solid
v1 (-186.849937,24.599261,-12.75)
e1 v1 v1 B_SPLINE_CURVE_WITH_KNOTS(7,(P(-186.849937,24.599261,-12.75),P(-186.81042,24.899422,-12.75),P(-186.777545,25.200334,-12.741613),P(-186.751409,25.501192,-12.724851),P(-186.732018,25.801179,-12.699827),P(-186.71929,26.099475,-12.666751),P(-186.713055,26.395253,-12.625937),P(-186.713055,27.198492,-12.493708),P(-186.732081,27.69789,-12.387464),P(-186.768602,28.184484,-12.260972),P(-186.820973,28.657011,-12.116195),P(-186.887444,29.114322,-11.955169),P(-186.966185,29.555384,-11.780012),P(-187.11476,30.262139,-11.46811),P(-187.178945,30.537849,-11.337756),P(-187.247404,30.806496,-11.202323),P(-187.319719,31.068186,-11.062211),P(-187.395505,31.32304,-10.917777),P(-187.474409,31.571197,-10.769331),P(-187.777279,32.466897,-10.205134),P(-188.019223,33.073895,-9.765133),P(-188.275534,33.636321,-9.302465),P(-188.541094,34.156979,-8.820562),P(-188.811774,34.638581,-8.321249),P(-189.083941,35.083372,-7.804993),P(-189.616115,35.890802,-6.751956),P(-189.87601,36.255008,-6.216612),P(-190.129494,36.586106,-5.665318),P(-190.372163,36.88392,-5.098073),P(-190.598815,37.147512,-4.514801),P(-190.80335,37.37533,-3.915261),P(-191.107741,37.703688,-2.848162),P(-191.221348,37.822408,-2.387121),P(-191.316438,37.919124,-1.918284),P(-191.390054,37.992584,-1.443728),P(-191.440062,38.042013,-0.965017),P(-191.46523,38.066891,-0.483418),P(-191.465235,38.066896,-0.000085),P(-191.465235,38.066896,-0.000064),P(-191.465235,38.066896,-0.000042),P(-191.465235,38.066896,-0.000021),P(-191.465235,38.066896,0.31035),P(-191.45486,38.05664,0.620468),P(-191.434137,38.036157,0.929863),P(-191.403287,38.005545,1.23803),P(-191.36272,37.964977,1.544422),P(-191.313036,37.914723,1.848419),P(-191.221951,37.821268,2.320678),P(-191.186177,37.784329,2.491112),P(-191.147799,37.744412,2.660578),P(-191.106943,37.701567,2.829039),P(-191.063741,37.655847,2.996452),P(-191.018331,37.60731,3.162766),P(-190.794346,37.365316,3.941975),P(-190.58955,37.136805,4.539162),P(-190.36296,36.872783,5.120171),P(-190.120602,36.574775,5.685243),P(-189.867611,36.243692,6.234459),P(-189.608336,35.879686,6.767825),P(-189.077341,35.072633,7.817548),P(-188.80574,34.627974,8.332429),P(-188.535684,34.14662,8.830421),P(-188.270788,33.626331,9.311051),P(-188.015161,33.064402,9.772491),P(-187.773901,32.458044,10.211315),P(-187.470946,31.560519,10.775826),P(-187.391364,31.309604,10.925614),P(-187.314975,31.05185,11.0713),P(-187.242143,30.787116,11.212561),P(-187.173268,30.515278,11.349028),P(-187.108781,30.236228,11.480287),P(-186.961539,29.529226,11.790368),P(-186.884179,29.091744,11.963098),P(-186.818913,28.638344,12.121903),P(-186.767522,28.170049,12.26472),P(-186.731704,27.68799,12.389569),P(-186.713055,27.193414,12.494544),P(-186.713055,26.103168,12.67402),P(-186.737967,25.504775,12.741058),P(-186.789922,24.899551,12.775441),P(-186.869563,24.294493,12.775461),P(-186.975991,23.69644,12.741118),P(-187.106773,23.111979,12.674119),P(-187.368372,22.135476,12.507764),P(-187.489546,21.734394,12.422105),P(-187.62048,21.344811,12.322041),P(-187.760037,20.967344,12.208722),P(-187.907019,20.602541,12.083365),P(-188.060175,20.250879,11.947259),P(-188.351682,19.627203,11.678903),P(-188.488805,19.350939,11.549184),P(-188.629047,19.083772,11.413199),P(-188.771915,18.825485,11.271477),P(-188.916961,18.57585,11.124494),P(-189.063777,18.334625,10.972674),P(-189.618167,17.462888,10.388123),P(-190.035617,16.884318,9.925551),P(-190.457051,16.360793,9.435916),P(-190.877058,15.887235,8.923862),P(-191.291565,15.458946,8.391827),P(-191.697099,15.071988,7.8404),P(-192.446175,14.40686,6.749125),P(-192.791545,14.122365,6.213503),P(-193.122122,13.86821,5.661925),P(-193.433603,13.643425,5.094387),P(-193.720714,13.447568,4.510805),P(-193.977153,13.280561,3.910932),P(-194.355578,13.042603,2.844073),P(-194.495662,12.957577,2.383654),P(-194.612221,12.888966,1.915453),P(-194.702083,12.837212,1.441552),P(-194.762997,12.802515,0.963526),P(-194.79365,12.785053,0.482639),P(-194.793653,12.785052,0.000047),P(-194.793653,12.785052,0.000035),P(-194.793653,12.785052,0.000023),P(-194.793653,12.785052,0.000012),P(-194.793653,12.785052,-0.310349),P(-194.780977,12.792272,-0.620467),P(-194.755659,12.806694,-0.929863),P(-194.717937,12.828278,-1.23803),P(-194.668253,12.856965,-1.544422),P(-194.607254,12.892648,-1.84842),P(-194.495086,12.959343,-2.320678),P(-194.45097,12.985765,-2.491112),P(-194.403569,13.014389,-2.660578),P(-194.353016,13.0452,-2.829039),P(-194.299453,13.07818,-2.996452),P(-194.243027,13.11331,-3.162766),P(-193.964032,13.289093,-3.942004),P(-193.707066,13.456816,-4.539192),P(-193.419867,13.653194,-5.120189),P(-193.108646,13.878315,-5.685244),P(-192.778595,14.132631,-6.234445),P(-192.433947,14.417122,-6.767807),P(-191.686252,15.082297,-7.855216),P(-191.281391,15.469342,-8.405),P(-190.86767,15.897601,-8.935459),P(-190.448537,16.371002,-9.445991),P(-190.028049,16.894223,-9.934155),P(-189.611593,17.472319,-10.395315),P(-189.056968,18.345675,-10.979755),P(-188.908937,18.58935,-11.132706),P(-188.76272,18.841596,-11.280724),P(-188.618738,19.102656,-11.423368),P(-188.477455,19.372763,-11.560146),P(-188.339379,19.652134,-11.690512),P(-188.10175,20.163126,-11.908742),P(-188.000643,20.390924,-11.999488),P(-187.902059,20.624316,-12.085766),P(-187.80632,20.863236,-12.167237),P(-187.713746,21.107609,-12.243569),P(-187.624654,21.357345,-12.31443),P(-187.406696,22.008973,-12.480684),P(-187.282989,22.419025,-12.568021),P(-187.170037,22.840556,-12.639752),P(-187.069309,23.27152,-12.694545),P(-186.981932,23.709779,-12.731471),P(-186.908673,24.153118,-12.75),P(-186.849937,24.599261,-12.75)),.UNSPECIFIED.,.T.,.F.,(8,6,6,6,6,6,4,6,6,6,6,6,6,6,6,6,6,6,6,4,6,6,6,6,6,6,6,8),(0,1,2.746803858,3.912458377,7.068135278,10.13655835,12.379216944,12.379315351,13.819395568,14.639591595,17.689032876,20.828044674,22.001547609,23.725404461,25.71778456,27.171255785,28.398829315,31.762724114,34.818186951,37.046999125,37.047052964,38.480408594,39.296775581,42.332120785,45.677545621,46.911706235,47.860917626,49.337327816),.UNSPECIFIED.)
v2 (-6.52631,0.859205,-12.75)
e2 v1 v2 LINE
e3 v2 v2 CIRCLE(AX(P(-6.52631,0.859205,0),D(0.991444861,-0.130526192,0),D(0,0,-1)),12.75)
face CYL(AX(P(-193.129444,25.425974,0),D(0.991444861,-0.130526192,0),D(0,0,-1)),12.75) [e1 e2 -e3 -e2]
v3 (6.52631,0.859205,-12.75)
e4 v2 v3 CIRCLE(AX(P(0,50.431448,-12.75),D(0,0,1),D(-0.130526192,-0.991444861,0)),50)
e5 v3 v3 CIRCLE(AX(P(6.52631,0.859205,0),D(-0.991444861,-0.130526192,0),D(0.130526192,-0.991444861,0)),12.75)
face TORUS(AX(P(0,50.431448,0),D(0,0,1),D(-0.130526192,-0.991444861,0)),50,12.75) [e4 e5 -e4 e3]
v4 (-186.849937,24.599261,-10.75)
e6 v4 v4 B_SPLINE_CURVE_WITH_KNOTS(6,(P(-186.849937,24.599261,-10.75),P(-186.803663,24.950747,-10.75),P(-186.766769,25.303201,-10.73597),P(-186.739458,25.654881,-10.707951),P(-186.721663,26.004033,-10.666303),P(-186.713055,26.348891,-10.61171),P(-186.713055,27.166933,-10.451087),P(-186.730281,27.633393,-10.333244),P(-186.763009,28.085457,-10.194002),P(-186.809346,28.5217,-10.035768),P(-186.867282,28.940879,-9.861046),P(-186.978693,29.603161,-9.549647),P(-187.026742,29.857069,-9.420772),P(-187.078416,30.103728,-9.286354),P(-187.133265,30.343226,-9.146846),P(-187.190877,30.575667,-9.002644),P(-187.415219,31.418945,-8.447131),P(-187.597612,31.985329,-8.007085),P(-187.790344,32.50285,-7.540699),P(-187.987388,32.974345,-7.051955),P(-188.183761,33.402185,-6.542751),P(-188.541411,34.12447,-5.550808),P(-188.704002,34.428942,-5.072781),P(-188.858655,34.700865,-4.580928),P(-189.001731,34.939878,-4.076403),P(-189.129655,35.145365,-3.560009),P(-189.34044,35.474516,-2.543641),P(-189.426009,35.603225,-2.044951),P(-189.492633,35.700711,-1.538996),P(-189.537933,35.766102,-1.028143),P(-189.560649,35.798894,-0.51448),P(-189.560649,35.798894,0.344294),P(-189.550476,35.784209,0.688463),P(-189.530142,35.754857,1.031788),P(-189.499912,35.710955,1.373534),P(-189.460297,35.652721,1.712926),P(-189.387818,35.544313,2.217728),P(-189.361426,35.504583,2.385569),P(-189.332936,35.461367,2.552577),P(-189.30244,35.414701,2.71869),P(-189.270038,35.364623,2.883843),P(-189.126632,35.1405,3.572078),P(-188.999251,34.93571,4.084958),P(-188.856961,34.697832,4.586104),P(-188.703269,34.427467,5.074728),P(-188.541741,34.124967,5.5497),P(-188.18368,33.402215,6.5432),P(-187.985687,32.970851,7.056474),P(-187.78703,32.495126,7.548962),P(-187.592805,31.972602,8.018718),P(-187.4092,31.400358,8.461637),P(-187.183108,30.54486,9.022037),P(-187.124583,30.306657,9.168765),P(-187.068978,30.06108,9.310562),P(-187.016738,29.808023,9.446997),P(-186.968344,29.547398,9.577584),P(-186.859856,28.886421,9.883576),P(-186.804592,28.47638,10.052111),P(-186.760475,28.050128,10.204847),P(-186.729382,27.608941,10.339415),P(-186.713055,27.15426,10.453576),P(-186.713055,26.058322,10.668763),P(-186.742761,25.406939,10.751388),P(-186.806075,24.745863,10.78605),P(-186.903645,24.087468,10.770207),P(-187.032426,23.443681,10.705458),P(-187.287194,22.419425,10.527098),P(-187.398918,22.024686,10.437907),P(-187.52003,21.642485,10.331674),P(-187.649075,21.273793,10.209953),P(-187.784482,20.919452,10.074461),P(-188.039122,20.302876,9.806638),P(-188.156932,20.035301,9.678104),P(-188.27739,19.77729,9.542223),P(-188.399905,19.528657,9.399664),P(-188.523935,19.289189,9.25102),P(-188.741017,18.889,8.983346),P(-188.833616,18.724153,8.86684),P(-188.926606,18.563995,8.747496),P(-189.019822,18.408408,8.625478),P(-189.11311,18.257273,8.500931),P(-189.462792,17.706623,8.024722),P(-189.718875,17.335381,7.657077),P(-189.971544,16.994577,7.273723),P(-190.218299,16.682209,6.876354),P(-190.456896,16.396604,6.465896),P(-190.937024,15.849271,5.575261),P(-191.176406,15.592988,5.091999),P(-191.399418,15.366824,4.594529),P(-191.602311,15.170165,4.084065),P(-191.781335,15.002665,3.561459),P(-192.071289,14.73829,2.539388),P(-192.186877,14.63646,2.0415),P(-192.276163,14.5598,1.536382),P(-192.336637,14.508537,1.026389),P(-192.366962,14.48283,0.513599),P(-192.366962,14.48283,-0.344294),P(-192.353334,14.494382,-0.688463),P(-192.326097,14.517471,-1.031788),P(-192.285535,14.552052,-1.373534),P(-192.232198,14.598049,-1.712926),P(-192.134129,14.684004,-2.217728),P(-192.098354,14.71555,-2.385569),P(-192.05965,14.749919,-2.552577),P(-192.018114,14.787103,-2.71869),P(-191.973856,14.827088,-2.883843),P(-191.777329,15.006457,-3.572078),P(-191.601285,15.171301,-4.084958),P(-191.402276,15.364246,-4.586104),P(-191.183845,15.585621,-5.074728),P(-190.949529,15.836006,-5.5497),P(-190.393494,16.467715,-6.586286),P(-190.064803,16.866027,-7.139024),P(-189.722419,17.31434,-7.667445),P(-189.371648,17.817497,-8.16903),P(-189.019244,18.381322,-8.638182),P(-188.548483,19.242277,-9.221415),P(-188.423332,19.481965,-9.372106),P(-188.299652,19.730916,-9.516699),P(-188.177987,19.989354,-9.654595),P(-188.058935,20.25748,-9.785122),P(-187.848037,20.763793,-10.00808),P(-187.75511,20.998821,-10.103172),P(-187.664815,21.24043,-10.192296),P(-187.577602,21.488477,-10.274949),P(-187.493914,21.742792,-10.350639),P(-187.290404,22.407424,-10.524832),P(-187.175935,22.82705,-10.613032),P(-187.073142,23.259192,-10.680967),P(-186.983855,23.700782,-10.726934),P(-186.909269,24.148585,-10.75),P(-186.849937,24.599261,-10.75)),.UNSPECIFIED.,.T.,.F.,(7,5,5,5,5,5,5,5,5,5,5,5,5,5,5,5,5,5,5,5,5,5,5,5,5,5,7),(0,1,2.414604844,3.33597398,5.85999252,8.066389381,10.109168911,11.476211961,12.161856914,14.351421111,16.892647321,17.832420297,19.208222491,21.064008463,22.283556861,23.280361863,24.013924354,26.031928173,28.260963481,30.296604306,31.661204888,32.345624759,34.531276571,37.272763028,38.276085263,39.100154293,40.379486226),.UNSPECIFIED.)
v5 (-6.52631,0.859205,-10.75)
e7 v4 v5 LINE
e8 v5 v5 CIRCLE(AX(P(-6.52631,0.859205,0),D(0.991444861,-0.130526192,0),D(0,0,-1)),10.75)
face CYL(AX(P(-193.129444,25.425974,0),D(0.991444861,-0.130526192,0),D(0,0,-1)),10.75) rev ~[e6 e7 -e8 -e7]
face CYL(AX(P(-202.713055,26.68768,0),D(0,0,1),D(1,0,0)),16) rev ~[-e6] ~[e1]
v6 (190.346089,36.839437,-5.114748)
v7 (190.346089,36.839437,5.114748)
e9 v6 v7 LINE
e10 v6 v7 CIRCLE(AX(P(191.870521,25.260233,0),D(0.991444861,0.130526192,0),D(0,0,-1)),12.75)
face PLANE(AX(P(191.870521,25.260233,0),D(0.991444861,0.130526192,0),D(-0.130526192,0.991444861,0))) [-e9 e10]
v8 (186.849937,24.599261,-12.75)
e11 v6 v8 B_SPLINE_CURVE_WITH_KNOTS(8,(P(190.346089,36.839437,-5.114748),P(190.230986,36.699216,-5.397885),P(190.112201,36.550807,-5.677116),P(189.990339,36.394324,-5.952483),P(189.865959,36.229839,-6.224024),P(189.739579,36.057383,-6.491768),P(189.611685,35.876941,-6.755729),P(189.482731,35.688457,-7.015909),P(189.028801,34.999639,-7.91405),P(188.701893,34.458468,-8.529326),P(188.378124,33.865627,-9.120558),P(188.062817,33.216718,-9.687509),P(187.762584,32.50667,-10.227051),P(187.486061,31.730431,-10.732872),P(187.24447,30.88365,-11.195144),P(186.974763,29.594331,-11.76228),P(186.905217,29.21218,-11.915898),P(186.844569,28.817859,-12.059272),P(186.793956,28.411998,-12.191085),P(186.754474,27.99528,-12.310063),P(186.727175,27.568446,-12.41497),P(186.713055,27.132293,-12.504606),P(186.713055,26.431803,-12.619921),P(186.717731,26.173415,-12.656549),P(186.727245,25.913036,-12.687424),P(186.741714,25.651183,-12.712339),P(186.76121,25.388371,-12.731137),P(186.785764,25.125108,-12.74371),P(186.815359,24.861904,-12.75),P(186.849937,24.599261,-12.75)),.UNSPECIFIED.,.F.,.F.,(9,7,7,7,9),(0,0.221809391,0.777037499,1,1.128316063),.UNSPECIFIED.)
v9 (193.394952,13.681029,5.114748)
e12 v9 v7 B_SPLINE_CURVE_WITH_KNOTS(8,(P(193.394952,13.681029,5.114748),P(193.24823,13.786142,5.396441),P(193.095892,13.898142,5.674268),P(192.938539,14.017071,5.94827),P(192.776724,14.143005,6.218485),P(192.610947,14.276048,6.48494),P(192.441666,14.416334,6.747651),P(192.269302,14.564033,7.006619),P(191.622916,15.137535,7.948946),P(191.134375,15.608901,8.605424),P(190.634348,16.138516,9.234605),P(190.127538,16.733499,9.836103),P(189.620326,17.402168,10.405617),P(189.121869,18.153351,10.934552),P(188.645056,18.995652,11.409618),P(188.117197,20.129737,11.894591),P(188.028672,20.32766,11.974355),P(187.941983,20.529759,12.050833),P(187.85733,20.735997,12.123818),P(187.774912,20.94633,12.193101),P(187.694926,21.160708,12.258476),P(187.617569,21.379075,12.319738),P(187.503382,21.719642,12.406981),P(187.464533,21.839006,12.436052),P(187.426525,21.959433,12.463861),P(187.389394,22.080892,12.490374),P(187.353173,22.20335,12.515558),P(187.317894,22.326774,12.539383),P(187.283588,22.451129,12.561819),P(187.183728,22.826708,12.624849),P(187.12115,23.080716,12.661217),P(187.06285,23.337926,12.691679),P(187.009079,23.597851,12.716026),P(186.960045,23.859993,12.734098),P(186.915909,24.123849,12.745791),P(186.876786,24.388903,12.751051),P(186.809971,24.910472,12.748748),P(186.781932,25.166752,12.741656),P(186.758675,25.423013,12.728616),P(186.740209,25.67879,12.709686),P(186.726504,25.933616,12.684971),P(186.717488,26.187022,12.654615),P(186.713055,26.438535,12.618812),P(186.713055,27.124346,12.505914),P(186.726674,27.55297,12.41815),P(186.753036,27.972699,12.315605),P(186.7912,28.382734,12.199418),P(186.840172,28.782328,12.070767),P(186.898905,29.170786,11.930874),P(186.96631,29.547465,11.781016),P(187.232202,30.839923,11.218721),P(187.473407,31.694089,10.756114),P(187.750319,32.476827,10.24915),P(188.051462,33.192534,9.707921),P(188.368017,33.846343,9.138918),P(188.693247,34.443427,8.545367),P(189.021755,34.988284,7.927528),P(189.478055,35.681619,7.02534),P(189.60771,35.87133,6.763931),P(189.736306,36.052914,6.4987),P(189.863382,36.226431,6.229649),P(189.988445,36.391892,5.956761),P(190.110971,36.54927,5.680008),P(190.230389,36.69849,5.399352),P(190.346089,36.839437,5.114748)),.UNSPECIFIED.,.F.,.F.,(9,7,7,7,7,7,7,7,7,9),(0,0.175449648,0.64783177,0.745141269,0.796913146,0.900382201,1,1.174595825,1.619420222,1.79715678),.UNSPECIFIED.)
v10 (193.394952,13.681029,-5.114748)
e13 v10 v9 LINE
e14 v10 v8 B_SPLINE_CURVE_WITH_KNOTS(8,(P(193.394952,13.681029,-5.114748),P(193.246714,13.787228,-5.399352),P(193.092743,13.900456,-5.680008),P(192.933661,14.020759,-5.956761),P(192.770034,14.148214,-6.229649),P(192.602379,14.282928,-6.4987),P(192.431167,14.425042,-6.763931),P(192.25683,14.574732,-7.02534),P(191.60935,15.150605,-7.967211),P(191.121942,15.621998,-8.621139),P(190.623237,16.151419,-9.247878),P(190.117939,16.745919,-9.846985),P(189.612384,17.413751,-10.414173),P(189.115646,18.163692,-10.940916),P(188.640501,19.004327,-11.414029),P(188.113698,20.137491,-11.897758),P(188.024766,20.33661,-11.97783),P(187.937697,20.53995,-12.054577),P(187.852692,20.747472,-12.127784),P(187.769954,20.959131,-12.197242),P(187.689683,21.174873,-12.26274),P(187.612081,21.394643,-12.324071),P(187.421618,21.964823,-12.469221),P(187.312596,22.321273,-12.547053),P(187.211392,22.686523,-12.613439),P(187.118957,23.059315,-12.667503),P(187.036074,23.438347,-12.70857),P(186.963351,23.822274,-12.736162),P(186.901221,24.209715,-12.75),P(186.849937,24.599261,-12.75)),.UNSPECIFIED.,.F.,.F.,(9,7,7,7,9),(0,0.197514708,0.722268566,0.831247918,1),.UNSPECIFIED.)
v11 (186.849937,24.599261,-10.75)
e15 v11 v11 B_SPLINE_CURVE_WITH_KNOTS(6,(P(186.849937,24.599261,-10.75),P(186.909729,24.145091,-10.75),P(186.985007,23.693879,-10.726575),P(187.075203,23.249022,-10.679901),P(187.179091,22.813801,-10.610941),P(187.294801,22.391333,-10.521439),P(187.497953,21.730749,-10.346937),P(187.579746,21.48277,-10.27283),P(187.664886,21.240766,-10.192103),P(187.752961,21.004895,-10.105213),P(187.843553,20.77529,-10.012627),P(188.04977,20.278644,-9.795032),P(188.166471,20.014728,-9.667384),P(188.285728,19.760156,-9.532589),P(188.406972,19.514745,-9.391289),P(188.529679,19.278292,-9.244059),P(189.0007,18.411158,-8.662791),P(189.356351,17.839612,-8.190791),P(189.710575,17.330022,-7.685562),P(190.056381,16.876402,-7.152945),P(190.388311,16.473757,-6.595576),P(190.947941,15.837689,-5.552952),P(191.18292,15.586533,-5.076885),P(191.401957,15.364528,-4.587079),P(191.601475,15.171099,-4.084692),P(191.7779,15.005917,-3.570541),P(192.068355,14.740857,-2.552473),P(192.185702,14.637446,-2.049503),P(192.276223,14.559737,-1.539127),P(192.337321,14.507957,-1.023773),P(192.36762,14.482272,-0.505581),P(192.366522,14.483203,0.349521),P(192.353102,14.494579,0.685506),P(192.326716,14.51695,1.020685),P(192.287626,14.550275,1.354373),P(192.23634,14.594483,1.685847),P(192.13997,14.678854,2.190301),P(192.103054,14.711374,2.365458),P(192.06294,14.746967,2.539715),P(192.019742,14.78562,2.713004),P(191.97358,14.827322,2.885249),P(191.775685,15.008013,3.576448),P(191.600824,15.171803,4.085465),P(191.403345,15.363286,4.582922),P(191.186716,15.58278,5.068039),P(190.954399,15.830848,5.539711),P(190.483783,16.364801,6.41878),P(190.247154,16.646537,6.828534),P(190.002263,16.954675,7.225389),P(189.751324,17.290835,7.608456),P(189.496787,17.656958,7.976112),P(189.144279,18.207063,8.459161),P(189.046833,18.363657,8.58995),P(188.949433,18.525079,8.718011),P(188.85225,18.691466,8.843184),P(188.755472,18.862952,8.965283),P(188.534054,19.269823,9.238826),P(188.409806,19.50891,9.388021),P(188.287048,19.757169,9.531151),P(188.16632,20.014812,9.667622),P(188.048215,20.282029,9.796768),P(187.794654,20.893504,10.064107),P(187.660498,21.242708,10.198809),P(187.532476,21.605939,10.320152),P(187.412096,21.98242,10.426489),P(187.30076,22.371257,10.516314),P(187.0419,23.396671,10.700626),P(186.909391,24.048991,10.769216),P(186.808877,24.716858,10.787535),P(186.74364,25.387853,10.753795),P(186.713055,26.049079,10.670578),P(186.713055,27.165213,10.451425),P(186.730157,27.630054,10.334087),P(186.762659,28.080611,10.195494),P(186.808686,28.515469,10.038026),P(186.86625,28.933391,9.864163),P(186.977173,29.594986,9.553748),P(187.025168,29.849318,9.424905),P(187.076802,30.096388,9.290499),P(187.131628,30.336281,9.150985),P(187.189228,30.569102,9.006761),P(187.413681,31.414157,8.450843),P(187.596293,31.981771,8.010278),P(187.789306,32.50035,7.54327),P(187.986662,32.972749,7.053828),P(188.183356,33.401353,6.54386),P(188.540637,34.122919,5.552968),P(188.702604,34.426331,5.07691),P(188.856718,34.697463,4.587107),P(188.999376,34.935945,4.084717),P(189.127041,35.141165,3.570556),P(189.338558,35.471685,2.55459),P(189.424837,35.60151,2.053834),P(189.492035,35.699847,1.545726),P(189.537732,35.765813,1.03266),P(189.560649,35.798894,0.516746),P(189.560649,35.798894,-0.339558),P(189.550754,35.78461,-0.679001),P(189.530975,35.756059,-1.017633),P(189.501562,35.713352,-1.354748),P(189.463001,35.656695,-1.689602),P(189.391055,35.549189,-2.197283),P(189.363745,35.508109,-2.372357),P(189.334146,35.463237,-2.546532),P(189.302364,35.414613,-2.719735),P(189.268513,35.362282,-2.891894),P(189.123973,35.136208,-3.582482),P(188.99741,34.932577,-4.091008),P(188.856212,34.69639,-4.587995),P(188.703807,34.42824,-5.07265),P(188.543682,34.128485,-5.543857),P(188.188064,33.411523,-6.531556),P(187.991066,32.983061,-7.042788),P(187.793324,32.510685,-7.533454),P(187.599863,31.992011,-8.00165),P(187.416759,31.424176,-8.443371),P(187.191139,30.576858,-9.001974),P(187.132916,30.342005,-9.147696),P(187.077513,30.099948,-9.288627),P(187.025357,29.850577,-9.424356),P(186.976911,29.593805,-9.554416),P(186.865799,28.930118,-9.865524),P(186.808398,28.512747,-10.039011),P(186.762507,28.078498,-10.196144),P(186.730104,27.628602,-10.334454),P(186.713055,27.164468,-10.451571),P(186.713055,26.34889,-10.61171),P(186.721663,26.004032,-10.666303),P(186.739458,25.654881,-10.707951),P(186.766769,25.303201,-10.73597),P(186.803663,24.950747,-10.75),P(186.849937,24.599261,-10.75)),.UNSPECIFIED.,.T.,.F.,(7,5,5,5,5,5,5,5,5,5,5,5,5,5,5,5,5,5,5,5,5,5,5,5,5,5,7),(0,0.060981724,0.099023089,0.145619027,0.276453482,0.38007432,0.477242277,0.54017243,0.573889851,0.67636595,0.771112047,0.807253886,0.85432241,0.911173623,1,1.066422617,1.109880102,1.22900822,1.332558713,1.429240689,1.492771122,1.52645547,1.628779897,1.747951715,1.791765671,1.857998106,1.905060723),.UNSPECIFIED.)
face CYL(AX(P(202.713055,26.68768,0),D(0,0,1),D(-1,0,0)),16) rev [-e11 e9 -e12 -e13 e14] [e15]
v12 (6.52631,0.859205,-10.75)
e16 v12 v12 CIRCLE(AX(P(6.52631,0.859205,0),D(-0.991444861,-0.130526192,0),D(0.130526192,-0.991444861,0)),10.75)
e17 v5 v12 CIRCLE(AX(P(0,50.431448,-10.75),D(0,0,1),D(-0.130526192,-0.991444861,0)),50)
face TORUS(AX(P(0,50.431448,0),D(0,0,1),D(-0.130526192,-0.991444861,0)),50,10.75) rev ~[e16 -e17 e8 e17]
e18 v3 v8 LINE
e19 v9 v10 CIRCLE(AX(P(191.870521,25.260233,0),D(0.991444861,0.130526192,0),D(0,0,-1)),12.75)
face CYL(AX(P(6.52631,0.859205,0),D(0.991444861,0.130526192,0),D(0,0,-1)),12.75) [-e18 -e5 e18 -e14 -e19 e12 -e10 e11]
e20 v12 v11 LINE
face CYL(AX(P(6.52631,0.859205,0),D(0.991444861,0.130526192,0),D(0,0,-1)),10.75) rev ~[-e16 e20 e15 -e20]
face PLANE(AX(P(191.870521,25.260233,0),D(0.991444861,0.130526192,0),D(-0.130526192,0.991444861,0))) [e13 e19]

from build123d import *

# Parameters (mm, degrees)
ESBO_O2_R             = 12.75
ESBO_O2_R_2           = 10.75
ESBO_O3_R             = 16
CORTE_EXTRUS_O1_DEPTH = 35


with BuildPart() as part:
    # Varredura1: sweep along a path in Esboço1
    with BuildLine(Plane.XY) as varredura1_path:
        Line((-193.129443739, 25.425973626), (-6.526309611, 0.85920496))
        ThreePointArc((-6.526309611, 0.85920496), (0, 0.431448029), (6.526309611, 0.85920496))
        Line((6.526309611, 0.85920496), (191.870520585, 25.260233248))
    # Esboço2 → Varredura1 (sweep)
    with BuildSketch(Plane(origin=(191.870520585, 25.260233248, 0), x_dir=(0, 0, -1), z_dir=(0.9914448613738109, 0.13052619222004852, 0))):
        Circle(ESBO_O2_R)
        Circle(ESBO_O2_R_2, mode=Mode.SUBTRACT)
    sweep(path=varredura1_path.line)

    # Esboço3 → Corte-extrusão1 (cut, symmetric)
    with BuildSketch(Plane.XY):
        with Locations((-202.713054604, 26.687679932)):
            Circle(ESBO_O3_R)
    corte_extrus_o1 = extrude(amount=CORTE_EXTRUS_O1_DEPTH, both=True, mode=Mode.SUBTRACT)

    # Espelhar1: Corte-extrusão1 across plane
    add(corte_extrus_o1.mirror(Plane(origin=(0, 0, 0), x_dir=(0, 0, 1), z_dir=(1, 0, 0))), mode=Mode.SUBTRACT)


solid = part.part
